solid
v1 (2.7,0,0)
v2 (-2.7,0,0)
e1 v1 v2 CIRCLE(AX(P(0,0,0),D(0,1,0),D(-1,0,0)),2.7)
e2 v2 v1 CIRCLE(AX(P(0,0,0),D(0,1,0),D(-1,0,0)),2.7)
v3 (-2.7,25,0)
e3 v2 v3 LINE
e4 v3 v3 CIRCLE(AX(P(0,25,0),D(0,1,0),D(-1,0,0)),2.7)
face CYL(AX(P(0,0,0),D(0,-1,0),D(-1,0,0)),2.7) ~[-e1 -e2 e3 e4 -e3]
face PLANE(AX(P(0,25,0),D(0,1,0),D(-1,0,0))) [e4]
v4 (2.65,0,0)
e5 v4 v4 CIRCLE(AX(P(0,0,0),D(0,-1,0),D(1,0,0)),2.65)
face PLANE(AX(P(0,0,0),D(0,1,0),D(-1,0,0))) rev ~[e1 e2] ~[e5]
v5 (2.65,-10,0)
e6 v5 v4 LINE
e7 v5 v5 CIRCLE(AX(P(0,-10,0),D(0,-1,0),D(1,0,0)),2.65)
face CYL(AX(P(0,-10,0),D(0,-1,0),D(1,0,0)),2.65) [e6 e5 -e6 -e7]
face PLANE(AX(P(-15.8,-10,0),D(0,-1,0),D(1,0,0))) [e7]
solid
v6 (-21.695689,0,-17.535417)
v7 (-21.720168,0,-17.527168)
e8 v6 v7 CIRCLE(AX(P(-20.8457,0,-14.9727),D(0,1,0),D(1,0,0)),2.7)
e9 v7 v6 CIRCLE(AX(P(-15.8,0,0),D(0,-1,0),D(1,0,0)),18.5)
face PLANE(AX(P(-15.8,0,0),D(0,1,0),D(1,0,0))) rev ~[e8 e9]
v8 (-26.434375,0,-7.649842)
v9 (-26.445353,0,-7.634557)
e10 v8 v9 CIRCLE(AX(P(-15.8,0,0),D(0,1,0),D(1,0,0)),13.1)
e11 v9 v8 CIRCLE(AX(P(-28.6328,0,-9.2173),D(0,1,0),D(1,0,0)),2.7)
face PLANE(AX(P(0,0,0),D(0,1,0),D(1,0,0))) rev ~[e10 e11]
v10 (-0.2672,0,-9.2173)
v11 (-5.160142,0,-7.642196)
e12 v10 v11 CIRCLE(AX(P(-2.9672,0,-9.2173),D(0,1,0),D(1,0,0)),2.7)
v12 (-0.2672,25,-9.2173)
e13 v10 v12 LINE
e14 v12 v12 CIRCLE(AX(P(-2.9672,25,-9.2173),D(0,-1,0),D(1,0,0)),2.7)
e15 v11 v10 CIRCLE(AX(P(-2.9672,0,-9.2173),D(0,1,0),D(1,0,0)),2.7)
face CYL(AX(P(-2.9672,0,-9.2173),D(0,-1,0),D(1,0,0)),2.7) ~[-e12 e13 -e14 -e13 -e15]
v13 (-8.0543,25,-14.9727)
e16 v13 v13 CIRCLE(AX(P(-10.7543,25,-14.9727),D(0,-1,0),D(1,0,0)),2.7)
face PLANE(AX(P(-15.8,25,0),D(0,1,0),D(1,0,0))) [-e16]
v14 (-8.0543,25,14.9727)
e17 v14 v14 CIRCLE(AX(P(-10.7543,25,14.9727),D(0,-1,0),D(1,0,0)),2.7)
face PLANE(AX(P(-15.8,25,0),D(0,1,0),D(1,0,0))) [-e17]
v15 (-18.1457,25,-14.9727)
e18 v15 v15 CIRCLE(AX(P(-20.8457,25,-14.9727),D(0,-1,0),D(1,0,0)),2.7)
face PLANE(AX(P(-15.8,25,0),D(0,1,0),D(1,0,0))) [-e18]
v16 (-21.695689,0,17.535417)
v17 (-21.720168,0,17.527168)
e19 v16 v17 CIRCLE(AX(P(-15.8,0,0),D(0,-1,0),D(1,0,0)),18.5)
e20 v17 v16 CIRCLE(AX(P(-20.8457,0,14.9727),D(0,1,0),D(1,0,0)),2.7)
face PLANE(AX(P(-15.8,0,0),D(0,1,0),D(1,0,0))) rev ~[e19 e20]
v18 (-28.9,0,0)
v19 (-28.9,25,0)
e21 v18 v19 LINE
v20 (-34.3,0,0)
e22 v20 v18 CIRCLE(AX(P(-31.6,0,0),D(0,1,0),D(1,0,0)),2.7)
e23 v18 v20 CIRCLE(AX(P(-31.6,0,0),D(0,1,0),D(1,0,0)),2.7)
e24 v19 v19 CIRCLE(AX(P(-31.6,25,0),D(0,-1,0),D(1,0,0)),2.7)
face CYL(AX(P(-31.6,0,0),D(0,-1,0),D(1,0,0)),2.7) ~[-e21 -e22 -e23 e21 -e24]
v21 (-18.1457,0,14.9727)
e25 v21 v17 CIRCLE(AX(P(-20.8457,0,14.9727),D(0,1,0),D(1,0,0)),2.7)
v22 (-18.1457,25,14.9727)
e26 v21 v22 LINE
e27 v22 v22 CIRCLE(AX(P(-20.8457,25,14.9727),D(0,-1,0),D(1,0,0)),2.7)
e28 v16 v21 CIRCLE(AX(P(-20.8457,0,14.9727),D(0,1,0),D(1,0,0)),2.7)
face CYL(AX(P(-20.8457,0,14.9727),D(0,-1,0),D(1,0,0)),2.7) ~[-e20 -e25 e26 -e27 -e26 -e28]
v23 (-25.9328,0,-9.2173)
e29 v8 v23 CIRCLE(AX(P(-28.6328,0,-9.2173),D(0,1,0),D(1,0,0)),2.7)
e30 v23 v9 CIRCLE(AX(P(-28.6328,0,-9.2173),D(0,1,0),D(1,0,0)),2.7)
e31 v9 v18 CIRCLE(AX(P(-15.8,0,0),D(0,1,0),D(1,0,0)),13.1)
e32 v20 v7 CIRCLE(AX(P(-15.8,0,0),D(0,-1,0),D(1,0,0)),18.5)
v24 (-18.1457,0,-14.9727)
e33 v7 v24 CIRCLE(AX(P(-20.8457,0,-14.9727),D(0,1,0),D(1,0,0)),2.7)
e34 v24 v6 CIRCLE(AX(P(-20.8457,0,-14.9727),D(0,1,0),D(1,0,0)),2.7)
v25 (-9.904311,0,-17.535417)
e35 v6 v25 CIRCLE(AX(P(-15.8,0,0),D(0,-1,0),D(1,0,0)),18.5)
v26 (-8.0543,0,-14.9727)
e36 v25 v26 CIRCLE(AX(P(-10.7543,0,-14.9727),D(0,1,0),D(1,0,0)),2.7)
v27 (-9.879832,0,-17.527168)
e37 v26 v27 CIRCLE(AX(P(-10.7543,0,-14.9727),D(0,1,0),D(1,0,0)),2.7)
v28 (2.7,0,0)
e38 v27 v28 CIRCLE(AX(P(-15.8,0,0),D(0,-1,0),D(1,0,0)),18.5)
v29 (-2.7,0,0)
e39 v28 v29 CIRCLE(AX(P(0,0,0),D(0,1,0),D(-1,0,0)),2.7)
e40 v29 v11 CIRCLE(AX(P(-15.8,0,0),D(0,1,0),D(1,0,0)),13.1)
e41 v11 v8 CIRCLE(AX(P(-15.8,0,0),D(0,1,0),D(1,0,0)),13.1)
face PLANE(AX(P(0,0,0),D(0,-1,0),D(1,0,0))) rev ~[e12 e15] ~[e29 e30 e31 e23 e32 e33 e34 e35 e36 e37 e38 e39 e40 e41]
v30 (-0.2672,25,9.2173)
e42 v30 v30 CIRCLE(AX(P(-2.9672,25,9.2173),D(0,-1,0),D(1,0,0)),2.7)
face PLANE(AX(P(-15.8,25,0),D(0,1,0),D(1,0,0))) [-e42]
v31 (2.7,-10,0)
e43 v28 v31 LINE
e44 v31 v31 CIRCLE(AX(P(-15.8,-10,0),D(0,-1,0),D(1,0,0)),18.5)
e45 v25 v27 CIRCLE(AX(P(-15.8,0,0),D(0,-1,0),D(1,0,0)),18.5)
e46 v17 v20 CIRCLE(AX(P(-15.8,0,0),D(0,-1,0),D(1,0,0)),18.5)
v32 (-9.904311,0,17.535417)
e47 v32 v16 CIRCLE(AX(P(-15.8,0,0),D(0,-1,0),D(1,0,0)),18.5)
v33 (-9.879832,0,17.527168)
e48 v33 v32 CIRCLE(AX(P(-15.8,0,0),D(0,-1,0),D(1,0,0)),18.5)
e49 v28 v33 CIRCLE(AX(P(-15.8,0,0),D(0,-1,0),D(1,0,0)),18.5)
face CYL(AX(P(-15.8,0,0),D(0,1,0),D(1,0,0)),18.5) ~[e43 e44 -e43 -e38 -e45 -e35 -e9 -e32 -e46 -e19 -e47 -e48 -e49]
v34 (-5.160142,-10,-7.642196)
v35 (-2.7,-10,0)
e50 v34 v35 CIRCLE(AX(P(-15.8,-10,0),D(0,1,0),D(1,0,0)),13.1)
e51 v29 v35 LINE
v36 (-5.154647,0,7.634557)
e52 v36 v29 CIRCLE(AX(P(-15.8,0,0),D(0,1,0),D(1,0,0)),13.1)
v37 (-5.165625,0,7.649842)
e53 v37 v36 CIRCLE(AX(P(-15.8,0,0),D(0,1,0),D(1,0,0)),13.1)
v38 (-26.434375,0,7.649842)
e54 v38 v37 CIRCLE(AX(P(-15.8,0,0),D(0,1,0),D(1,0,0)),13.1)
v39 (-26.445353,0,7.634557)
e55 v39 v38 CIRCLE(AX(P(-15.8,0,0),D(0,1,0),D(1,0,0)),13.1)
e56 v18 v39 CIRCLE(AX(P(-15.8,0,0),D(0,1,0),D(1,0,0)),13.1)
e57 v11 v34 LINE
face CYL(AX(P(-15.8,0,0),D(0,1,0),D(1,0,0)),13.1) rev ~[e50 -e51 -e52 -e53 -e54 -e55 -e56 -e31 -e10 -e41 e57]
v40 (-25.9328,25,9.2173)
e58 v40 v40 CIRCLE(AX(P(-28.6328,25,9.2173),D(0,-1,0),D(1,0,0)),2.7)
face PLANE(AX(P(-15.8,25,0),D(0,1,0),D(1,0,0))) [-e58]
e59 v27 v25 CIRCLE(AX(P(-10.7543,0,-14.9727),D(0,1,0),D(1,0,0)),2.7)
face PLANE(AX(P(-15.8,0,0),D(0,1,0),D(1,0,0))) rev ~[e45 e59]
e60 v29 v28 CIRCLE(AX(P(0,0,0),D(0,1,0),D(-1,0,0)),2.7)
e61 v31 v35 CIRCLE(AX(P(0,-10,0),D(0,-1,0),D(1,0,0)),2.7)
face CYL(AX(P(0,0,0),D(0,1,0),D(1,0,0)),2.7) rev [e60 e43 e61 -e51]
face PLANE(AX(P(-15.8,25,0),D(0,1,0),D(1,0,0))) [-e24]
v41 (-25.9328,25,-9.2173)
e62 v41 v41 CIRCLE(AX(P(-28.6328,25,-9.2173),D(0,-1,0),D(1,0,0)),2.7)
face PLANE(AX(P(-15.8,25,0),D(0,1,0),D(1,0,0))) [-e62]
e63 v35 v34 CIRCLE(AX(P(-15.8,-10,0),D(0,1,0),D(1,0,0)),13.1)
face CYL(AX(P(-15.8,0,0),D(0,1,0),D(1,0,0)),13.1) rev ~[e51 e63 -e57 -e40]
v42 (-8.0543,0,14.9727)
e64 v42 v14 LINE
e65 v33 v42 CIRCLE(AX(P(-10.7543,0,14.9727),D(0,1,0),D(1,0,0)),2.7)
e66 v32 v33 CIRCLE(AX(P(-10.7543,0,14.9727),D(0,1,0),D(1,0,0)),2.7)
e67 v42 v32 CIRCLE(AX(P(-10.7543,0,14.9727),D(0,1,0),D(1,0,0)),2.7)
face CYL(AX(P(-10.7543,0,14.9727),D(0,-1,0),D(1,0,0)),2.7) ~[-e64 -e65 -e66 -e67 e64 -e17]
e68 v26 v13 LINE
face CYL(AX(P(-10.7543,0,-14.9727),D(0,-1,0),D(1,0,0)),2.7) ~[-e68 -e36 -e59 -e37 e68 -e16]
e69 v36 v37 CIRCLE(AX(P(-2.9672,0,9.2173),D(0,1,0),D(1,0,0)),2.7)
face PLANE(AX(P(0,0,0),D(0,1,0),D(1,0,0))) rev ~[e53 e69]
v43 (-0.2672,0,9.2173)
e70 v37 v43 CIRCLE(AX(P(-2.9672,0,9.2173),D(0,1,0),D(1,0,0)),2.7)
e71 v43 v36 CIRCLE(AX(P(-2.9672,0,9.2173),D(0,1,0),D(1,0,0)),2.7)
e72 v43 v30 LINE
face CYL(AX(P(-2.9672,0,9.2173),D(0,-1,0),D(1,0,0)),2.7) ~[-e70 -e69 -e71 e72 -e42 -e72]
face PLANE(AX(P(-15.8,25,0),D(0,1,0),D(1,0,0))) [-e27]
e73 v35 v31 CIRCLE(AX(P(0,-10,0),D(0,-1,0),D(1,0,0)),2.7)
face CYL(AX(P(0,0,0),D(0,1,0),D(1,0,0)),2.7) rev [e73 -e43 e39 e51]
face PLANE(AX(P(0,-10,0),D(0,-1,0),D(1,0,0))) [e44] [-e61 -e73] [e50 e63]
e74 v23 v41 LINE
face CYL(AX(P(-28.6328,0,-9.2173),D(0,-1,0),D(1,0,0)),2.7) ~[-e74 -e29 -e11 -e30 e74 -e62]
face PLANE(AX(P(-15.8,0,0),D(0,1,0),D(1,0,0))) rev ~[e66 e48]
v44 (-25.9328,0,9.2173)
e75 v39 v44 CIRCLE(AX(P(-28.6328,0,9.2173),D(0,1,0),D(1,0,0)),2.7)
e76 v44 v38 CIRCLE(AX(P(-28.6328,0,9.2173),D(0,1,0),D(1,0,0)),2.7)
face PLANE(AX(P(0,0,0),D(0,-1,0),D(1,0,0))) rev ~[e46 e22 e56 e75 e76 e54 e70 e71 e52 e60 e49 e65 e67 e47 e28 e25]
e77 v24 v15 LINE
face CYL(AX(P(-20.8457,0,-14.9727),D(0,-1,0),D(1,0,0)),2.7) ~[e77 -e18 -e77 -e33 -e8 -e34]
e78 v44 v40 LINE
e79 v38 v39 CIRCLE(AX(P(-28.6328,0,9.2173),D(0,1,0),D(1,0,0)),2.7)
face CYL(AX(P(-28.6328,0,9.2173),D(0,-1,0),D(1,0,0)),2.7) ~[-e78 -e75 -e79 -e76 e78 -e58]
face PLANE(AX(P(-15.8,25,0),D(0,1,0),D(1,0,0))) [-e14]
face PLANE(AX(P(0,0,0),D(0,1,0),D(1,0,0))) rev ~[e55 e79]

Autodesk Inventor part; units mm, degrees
ref_plane "YZ Plane" through (0, 0, 0) normal (1, 0, 0) x (0, 1, 0)
ref_plane "XZ Plane" through (0, 0, 0) normal (0, 1, 0) x (-1, 0, 0)
ref_plane "XY Plane" through (0, 0, 0) normal (0, 0, 1) x (1, 0, 0)
sketch "Esquisse1" plane through (0, 0, 0) normal (0, 1, 0) x (-1, 0, 0)
  circle A0 centre (0, 0) radius 2.7
  dimension "d0" = 5.4
extrude "Extrusion1" add sketch "Esquisse1" along normal blind 25
sketch "Esquisse2" plane through (0, 0, 0) normal (0, -1, 0) x (1, 0, 0)
  line L0 (2.7, 5.0753) -> (2.7, -12.6206) construction
  circle A0 centre (0, 0) radius 2.7 projected
  circle A1 centre (-15.8, 0) radius 18.5
  line L1 (8.7278, 0) -> (-17.8614, 0) construction
  point P0 (2.7, 0)
  dimension "d4" = 37
extrude "Extrusion2" add sketch "Esquisse2" along normal blind 10
sketch "Esquisse3" plane through (-15.8, 0, 0) normal (0, 1, 0) x (1, 0, 0)
  line L0 (-18.5, -20.7984) -> (-18.5, 1.736) construction
  circle A0 centre (-12.8328, 9.2173) radius 2.7
  circle A1 centre (-15.8, 0) radius 2.7
  circle A2 centre (-5.0457, 14.9727) radius 2.7
  line L1 (-5.0457, 14.9727) -> (-12.8328, 9.2173) construction
  line L2 (-12.8328, 9.2173) -> (-15.8, 0) construction
  line L3 (-15.8, 0) -> (0, 0) construction
  line L4 (-12.8328, 9.2173) -> (0, 0) construction
  line L5 (-5.0457, 14.9727) -> (0, 0) construction
  line L6 (-15.8, 0) -> (-18.5, 0) construction
  line L7 (-12.8328, 9.2173) -> (-15.0195, 10.8011) construction
  line L8 (-5.0457, 14.9727) -> (-7.4489, 16.2034) construction
  line L9 (0, 30.0966) -> (0, -33.1039)
  line L10 (-38.9474, 0) -> (38.9474, 0)
  circle A3 centre (12.8328, 9.2173) radius 2.7
  circle A4 centre (5.0457, 14.9727) radius 2.7
  circle A5 centre (-12.8328, -9.2173) radius 2.7
  circle A6 centre (-5.0457, -14.9727) radius 2.7
  circle A7 centre (5.0457, -14.9727) radius 2.7
  circle A8 centre (12.8328, -9.2173) radius 2.7
  circle A9 centre (0, 0) radius 18.5 projected
  point P0 (18.5, 0)
  dimension "d14" = 5.4
extrude "Extrusion3" add sketch "Esquisse3" along normal blind 25 contours A0 | A2 | L10 A1 | A1 L10 | A5 | A6 | A3 | A4 | A7 | A8
sketch "Esquisse4" plane through (-15.8, -10, 0) normal (0, -1, 0) x (1, 0, 0)
  circle A0 centre (15.8, 0) radius 2.65
extrude "Extrusion4" add sketch "Esquisse4" against normal blind 10
sketch "Esquisse5" plane through (0, 0, 0) normal (0, 1, 0) x (1, 0, 0)
  circle A0 centre (-15.8, 0) radius 13.1
  arc A1 (-9.892, 17.5313) -> (-21.708, 17.5313) centre (-15.8, 0) ccw projected
  circle A2 centre (-2.9672, 9.2173) radius 2.7 projected
  point P0 (0, 0)
extrude "Extrusion5" cut sketch "Esquisse5" against normal blind 10 contours A0
properties part number "piece_roue_test_2"
